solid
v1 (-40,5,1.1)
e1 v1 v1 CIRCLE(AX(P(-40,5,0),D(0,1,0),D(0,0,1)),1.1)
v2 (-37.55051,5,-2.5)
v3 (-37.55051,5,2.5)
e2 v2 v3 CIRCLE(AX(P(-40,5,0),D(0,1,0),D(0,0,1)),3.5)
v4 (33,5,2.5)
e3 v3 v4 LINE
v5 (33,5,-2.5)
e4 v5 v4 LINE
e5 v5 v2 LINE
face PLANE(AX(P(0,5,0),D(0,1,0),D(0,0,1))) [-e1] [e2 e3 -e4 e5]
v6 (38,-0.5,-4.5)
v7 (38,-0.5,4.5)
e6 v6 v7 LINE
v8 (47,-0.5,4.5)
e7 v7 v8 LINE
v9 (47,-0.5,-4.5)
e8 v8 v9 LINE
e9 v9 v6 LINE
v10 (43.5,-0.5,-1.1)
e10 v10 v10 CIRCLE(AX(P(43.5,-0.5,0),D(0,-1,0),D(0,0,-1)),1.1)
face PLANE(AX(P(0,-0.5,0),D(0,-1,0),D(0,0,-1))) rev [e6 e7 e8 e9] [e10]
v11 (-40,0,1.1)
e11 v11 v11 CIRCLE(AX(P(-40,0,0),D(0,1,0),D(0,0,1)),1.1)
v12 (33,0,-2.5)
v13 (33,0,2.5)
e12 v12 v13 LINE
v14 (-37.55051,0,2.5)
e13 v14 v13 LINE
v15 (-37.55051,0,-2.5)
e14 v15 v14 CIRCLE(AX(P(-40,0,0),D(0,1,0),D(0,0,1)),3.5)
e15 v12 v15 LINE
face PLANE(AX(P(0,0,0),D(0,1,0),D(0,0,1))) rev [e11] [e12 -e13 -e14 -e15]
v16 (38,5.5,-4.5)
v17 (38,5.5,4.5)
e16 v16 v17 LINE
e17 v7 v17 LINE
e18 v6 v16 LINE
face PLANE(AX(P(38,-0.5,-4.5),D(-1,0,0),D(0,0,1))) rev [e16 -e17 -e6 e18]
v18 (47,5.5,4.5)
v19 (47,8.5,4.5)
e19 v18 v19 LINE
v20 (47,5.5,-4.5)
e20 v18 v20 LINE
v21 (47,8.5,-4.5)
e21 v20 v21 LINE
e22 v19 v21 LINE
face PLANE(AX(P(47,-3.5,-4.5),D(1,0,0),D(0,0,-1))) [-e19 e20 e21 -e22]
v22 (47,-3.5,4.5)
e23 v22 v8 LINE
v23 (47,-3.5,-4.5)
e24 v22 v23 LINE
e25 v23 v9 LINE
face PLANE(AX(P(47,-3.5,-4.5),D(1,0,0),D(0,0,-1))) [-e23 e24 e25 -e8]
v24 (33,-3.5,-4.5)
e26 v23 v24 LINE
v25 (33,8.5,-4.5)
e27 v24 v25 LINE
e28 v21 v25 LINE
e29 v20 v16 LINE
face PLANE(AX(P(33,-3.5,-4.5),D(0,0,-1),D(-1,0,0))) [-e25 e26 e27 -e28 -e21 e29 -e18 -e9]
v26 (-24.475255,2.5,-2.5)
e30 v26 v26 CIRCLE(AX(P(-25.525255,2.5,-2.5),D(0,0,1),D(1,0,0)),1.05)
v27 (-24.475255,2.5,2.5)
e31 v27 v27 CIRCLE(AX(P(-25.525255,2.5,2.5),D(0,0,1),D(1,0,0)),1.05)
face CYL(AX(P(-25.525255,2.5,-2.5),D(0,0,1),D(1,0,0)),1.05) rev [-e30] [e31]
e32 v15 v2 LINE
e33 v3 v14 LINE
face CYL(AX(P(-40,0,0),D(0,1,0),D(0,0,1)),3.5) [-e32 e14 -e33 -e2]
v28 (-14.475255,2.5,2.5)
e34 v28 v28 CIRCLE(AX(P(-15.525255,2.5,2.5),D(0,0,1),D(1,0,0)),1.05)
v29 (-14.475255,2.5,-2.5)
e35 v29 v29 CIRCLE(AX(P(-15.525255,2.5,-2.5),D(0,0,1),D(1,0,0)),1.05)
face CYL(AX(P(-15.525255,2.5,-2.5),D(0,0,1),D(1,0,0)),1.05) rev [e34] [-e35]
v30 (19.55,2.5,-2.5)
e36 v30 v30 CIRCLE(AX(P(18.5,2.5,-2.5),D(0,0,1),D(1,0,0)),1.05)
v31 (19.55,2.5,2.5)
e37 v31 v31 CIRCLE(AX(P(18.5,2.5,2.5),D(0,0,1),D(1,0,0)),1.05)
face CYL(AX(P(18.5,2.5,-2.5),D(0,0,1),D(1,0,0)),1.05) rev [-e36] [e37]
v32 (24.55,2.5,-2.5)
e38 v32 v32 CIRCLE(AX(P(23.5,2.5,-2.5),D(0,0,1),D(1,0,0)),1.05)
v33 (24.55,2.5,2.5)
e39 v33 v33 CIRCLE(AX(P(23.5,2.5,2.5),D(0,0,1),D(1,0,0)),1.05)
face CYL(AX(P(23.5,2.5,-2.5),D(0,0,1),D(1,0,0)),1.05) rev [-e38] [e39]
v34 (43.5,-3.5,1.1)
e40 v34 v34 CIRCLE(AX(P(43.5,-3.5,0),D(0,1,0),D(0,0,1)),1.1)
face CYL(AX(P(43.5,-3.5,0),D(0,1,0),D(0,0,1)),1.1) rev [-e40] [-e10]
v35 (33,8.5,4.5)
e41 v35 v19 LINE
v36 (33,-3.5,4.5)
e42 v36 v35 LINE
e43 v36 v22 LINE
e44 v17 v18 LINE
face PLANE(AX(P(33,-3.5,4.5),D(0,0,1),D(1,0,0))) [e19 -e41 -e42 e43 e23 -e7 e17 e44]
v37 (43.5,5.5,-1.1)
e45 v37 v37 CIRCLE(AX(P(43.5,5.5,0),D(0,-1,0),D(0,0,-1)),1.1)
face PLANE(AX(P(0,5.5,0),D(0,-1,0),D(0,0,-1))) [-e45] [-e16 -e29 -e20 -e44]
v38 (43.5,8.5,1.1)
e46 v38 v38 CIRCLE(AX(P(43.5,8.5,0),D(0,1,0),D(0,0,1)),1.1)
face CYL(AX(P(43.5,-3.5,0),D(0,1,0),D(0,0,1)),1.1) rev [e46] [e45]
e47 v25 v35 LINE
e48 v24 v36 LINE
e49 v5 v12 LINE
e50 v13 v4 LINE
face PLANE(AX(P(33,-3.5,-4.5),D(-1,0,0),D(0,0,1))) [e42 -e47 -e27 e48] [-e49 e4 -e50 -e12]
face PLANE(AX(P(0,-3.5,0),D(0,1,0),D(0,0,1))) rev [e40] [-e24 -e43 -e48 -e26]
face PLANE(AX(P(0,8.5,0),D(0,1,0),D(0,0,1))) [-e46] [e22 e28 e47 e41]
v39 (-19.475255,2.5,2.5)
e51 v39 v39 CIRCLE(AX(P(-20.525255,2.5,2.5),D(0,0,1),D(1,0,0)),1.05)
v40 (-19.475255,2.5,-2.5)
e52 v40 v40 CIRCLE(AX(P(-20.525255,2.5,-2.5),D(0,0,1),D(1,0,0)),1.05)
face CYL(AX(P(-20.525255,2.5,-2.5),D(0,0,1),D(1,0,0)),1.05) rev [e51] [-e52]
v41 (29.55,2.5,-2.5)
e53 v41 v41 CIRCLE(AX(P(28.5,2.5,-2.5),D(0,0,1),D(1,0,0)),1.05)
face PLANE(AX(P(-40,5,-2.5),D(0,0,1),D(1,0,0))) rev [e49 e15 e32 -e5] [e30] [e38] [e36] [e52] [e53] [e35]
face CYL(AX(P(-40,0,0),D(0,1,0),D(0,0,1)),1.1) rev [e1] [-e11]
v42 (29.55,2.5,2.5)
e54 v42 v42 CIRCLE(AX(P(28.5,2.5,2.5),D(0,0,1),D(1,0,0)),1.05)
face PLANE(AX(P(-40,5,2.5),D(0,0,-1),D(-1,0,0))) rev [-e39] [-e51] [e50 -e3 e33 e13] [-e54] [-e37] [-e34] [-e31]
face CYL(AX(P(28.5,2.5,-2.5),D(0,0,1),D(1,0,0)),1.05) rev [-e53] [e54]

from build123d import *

# Parameters (mm, degrees)
SKETCH1_W           = 80
SKETCH1_H           = 5
BOSS_EXTRUDE1_DEPTH = 5
BOSS_EXTRUDE4_START = 3.5
SKETCH7_W           = 14
SKETCH7_H           = 9
BOSS_EXTRUDE4_DEPTH = 12
CUT_EXTRUDE5_START  = -3
SKETCH9_W           = 9
SKETCH9_H           = 9
CUT_EXTRUDE5_DEPTH  = 6
SKETCH11_R          = 1.1
CUT_EXTRUDE6_DEPTH  = 12
SKETCH16_R          = 3.5
BOSS_EXTRUDE7_DEPTH = 5
SKETCH15_R          = 1.1
CUT_EXTRUDE9_DEPTH  = 5
SKETCH18_R          = 1.05
CUT_EXTRUDE10_DEPTH = 5


with BuildPart() as part:
    # Sketch1 → Boss-Extrude1 (new body)
    with BuildSketch(Plane(origin=(0, 0, 0), x_dir=(1, 0, 0), z_dir=(0, 1, 0))):
        Rectangle(SKETCH1_W, SKETCH1_H)
    extrude(amount=BOSS_EXTRUDE1_DEPTH)

    # Sketch7 → Boss-Extrude4 (add)
    with BuildSketch(Plane(origin=(0, 5, 0), x_dir=(1, 0, 0), z_dir=(0, 1, 0)).offset(BOSS_EXTRUDE4_START)):
        with Locations((40, 0)):
            Rectangle(SKETCH7_W, SKETCH7_H)
    extrude(amount=-BOSS_EXTRUDE4_DEPTH)

    # Sketch9 → Cut-Extrude5 (cut)
    with BuildSketch(Plane(origin=(0, 8.5, 0), x_dir=(1, 0, 0), z_dir=(0, 1, 0)).offset(CUT_EXTRUDE5_START)):
        with Locations((42.5, 0)):
            Rectangle(SKETCH9_W, SKETCH9_H)
    extrude(amount=-CUT_EXTRUDE5_DEPTH, mode=Mode.SUBTRACT)

    # Sketch11 → Cut-Extrude6 (cut)
    with BuildSketch(Plane(origin=(0, 8.5, 0), x_dir=(1, 0, 0), z_dir=(0, 1, 0))):
        with Locations(Location((43.5, 0, 0), (0, 0, 270))):
            Circle(SKETCH11_R)
    extrude(amount=-CUT_EXTRUDE6_DEPTH, mode=Mode.SUBTRACT)

    # Sketch16 → Boss-Extrude7 (add)
    with BuildSketch(Plane(origin=(0, 5, 0), x_dir=(1, 0, 0), z_dir=(0, 1, 0))):
        with Locations((-40, 0)):
            Circle(SKETCH16_R)
    extrude(amount=-BOSS_EXTRUDE7_DEPTH)

    # Sketch15 → Cut-Extrude9 (cut)
    with BuildSketch(Plane(origin=(0, 5, 0), x_dir=(1, 0, 0), z_dir=(0, 1, 0))):
        with Locations(Location((-40, 0, 0), (0, 0, 270))):
            Circle(SKETCH15_R)
    extrude(amount=-CUT_EXTRUDE9_DEPTH, mode=Mode.SUBTRACT)

    # Sketch18 → Cut-Extrude10 (cut)
    with BuildSketch(Plane.XY.offset(2.5)):
        with Locations((-20.525255129, 2.5)):
            Circle(SKETCH18_R)
        with Locations((23.5, 2.5)):
            Circle(SKETCH18_R)
        with Locations((-25.525255129, 2.5)):
            Circle(SKETCH18_R)
        with Locations((-15.525255129, 2.5)):
            Circle(SKETCH18_R)
        with Locations((18.5, 2.5)):
            Circle(SKETCH18_R)
        with Locations((28.5, 2.5)):
            Circle(SKETCH18_R)
    extrude(amount=-CUT_EXTRUDE10_DEPTH, mode=Mode.SUBTRACT)


solid = part.part
